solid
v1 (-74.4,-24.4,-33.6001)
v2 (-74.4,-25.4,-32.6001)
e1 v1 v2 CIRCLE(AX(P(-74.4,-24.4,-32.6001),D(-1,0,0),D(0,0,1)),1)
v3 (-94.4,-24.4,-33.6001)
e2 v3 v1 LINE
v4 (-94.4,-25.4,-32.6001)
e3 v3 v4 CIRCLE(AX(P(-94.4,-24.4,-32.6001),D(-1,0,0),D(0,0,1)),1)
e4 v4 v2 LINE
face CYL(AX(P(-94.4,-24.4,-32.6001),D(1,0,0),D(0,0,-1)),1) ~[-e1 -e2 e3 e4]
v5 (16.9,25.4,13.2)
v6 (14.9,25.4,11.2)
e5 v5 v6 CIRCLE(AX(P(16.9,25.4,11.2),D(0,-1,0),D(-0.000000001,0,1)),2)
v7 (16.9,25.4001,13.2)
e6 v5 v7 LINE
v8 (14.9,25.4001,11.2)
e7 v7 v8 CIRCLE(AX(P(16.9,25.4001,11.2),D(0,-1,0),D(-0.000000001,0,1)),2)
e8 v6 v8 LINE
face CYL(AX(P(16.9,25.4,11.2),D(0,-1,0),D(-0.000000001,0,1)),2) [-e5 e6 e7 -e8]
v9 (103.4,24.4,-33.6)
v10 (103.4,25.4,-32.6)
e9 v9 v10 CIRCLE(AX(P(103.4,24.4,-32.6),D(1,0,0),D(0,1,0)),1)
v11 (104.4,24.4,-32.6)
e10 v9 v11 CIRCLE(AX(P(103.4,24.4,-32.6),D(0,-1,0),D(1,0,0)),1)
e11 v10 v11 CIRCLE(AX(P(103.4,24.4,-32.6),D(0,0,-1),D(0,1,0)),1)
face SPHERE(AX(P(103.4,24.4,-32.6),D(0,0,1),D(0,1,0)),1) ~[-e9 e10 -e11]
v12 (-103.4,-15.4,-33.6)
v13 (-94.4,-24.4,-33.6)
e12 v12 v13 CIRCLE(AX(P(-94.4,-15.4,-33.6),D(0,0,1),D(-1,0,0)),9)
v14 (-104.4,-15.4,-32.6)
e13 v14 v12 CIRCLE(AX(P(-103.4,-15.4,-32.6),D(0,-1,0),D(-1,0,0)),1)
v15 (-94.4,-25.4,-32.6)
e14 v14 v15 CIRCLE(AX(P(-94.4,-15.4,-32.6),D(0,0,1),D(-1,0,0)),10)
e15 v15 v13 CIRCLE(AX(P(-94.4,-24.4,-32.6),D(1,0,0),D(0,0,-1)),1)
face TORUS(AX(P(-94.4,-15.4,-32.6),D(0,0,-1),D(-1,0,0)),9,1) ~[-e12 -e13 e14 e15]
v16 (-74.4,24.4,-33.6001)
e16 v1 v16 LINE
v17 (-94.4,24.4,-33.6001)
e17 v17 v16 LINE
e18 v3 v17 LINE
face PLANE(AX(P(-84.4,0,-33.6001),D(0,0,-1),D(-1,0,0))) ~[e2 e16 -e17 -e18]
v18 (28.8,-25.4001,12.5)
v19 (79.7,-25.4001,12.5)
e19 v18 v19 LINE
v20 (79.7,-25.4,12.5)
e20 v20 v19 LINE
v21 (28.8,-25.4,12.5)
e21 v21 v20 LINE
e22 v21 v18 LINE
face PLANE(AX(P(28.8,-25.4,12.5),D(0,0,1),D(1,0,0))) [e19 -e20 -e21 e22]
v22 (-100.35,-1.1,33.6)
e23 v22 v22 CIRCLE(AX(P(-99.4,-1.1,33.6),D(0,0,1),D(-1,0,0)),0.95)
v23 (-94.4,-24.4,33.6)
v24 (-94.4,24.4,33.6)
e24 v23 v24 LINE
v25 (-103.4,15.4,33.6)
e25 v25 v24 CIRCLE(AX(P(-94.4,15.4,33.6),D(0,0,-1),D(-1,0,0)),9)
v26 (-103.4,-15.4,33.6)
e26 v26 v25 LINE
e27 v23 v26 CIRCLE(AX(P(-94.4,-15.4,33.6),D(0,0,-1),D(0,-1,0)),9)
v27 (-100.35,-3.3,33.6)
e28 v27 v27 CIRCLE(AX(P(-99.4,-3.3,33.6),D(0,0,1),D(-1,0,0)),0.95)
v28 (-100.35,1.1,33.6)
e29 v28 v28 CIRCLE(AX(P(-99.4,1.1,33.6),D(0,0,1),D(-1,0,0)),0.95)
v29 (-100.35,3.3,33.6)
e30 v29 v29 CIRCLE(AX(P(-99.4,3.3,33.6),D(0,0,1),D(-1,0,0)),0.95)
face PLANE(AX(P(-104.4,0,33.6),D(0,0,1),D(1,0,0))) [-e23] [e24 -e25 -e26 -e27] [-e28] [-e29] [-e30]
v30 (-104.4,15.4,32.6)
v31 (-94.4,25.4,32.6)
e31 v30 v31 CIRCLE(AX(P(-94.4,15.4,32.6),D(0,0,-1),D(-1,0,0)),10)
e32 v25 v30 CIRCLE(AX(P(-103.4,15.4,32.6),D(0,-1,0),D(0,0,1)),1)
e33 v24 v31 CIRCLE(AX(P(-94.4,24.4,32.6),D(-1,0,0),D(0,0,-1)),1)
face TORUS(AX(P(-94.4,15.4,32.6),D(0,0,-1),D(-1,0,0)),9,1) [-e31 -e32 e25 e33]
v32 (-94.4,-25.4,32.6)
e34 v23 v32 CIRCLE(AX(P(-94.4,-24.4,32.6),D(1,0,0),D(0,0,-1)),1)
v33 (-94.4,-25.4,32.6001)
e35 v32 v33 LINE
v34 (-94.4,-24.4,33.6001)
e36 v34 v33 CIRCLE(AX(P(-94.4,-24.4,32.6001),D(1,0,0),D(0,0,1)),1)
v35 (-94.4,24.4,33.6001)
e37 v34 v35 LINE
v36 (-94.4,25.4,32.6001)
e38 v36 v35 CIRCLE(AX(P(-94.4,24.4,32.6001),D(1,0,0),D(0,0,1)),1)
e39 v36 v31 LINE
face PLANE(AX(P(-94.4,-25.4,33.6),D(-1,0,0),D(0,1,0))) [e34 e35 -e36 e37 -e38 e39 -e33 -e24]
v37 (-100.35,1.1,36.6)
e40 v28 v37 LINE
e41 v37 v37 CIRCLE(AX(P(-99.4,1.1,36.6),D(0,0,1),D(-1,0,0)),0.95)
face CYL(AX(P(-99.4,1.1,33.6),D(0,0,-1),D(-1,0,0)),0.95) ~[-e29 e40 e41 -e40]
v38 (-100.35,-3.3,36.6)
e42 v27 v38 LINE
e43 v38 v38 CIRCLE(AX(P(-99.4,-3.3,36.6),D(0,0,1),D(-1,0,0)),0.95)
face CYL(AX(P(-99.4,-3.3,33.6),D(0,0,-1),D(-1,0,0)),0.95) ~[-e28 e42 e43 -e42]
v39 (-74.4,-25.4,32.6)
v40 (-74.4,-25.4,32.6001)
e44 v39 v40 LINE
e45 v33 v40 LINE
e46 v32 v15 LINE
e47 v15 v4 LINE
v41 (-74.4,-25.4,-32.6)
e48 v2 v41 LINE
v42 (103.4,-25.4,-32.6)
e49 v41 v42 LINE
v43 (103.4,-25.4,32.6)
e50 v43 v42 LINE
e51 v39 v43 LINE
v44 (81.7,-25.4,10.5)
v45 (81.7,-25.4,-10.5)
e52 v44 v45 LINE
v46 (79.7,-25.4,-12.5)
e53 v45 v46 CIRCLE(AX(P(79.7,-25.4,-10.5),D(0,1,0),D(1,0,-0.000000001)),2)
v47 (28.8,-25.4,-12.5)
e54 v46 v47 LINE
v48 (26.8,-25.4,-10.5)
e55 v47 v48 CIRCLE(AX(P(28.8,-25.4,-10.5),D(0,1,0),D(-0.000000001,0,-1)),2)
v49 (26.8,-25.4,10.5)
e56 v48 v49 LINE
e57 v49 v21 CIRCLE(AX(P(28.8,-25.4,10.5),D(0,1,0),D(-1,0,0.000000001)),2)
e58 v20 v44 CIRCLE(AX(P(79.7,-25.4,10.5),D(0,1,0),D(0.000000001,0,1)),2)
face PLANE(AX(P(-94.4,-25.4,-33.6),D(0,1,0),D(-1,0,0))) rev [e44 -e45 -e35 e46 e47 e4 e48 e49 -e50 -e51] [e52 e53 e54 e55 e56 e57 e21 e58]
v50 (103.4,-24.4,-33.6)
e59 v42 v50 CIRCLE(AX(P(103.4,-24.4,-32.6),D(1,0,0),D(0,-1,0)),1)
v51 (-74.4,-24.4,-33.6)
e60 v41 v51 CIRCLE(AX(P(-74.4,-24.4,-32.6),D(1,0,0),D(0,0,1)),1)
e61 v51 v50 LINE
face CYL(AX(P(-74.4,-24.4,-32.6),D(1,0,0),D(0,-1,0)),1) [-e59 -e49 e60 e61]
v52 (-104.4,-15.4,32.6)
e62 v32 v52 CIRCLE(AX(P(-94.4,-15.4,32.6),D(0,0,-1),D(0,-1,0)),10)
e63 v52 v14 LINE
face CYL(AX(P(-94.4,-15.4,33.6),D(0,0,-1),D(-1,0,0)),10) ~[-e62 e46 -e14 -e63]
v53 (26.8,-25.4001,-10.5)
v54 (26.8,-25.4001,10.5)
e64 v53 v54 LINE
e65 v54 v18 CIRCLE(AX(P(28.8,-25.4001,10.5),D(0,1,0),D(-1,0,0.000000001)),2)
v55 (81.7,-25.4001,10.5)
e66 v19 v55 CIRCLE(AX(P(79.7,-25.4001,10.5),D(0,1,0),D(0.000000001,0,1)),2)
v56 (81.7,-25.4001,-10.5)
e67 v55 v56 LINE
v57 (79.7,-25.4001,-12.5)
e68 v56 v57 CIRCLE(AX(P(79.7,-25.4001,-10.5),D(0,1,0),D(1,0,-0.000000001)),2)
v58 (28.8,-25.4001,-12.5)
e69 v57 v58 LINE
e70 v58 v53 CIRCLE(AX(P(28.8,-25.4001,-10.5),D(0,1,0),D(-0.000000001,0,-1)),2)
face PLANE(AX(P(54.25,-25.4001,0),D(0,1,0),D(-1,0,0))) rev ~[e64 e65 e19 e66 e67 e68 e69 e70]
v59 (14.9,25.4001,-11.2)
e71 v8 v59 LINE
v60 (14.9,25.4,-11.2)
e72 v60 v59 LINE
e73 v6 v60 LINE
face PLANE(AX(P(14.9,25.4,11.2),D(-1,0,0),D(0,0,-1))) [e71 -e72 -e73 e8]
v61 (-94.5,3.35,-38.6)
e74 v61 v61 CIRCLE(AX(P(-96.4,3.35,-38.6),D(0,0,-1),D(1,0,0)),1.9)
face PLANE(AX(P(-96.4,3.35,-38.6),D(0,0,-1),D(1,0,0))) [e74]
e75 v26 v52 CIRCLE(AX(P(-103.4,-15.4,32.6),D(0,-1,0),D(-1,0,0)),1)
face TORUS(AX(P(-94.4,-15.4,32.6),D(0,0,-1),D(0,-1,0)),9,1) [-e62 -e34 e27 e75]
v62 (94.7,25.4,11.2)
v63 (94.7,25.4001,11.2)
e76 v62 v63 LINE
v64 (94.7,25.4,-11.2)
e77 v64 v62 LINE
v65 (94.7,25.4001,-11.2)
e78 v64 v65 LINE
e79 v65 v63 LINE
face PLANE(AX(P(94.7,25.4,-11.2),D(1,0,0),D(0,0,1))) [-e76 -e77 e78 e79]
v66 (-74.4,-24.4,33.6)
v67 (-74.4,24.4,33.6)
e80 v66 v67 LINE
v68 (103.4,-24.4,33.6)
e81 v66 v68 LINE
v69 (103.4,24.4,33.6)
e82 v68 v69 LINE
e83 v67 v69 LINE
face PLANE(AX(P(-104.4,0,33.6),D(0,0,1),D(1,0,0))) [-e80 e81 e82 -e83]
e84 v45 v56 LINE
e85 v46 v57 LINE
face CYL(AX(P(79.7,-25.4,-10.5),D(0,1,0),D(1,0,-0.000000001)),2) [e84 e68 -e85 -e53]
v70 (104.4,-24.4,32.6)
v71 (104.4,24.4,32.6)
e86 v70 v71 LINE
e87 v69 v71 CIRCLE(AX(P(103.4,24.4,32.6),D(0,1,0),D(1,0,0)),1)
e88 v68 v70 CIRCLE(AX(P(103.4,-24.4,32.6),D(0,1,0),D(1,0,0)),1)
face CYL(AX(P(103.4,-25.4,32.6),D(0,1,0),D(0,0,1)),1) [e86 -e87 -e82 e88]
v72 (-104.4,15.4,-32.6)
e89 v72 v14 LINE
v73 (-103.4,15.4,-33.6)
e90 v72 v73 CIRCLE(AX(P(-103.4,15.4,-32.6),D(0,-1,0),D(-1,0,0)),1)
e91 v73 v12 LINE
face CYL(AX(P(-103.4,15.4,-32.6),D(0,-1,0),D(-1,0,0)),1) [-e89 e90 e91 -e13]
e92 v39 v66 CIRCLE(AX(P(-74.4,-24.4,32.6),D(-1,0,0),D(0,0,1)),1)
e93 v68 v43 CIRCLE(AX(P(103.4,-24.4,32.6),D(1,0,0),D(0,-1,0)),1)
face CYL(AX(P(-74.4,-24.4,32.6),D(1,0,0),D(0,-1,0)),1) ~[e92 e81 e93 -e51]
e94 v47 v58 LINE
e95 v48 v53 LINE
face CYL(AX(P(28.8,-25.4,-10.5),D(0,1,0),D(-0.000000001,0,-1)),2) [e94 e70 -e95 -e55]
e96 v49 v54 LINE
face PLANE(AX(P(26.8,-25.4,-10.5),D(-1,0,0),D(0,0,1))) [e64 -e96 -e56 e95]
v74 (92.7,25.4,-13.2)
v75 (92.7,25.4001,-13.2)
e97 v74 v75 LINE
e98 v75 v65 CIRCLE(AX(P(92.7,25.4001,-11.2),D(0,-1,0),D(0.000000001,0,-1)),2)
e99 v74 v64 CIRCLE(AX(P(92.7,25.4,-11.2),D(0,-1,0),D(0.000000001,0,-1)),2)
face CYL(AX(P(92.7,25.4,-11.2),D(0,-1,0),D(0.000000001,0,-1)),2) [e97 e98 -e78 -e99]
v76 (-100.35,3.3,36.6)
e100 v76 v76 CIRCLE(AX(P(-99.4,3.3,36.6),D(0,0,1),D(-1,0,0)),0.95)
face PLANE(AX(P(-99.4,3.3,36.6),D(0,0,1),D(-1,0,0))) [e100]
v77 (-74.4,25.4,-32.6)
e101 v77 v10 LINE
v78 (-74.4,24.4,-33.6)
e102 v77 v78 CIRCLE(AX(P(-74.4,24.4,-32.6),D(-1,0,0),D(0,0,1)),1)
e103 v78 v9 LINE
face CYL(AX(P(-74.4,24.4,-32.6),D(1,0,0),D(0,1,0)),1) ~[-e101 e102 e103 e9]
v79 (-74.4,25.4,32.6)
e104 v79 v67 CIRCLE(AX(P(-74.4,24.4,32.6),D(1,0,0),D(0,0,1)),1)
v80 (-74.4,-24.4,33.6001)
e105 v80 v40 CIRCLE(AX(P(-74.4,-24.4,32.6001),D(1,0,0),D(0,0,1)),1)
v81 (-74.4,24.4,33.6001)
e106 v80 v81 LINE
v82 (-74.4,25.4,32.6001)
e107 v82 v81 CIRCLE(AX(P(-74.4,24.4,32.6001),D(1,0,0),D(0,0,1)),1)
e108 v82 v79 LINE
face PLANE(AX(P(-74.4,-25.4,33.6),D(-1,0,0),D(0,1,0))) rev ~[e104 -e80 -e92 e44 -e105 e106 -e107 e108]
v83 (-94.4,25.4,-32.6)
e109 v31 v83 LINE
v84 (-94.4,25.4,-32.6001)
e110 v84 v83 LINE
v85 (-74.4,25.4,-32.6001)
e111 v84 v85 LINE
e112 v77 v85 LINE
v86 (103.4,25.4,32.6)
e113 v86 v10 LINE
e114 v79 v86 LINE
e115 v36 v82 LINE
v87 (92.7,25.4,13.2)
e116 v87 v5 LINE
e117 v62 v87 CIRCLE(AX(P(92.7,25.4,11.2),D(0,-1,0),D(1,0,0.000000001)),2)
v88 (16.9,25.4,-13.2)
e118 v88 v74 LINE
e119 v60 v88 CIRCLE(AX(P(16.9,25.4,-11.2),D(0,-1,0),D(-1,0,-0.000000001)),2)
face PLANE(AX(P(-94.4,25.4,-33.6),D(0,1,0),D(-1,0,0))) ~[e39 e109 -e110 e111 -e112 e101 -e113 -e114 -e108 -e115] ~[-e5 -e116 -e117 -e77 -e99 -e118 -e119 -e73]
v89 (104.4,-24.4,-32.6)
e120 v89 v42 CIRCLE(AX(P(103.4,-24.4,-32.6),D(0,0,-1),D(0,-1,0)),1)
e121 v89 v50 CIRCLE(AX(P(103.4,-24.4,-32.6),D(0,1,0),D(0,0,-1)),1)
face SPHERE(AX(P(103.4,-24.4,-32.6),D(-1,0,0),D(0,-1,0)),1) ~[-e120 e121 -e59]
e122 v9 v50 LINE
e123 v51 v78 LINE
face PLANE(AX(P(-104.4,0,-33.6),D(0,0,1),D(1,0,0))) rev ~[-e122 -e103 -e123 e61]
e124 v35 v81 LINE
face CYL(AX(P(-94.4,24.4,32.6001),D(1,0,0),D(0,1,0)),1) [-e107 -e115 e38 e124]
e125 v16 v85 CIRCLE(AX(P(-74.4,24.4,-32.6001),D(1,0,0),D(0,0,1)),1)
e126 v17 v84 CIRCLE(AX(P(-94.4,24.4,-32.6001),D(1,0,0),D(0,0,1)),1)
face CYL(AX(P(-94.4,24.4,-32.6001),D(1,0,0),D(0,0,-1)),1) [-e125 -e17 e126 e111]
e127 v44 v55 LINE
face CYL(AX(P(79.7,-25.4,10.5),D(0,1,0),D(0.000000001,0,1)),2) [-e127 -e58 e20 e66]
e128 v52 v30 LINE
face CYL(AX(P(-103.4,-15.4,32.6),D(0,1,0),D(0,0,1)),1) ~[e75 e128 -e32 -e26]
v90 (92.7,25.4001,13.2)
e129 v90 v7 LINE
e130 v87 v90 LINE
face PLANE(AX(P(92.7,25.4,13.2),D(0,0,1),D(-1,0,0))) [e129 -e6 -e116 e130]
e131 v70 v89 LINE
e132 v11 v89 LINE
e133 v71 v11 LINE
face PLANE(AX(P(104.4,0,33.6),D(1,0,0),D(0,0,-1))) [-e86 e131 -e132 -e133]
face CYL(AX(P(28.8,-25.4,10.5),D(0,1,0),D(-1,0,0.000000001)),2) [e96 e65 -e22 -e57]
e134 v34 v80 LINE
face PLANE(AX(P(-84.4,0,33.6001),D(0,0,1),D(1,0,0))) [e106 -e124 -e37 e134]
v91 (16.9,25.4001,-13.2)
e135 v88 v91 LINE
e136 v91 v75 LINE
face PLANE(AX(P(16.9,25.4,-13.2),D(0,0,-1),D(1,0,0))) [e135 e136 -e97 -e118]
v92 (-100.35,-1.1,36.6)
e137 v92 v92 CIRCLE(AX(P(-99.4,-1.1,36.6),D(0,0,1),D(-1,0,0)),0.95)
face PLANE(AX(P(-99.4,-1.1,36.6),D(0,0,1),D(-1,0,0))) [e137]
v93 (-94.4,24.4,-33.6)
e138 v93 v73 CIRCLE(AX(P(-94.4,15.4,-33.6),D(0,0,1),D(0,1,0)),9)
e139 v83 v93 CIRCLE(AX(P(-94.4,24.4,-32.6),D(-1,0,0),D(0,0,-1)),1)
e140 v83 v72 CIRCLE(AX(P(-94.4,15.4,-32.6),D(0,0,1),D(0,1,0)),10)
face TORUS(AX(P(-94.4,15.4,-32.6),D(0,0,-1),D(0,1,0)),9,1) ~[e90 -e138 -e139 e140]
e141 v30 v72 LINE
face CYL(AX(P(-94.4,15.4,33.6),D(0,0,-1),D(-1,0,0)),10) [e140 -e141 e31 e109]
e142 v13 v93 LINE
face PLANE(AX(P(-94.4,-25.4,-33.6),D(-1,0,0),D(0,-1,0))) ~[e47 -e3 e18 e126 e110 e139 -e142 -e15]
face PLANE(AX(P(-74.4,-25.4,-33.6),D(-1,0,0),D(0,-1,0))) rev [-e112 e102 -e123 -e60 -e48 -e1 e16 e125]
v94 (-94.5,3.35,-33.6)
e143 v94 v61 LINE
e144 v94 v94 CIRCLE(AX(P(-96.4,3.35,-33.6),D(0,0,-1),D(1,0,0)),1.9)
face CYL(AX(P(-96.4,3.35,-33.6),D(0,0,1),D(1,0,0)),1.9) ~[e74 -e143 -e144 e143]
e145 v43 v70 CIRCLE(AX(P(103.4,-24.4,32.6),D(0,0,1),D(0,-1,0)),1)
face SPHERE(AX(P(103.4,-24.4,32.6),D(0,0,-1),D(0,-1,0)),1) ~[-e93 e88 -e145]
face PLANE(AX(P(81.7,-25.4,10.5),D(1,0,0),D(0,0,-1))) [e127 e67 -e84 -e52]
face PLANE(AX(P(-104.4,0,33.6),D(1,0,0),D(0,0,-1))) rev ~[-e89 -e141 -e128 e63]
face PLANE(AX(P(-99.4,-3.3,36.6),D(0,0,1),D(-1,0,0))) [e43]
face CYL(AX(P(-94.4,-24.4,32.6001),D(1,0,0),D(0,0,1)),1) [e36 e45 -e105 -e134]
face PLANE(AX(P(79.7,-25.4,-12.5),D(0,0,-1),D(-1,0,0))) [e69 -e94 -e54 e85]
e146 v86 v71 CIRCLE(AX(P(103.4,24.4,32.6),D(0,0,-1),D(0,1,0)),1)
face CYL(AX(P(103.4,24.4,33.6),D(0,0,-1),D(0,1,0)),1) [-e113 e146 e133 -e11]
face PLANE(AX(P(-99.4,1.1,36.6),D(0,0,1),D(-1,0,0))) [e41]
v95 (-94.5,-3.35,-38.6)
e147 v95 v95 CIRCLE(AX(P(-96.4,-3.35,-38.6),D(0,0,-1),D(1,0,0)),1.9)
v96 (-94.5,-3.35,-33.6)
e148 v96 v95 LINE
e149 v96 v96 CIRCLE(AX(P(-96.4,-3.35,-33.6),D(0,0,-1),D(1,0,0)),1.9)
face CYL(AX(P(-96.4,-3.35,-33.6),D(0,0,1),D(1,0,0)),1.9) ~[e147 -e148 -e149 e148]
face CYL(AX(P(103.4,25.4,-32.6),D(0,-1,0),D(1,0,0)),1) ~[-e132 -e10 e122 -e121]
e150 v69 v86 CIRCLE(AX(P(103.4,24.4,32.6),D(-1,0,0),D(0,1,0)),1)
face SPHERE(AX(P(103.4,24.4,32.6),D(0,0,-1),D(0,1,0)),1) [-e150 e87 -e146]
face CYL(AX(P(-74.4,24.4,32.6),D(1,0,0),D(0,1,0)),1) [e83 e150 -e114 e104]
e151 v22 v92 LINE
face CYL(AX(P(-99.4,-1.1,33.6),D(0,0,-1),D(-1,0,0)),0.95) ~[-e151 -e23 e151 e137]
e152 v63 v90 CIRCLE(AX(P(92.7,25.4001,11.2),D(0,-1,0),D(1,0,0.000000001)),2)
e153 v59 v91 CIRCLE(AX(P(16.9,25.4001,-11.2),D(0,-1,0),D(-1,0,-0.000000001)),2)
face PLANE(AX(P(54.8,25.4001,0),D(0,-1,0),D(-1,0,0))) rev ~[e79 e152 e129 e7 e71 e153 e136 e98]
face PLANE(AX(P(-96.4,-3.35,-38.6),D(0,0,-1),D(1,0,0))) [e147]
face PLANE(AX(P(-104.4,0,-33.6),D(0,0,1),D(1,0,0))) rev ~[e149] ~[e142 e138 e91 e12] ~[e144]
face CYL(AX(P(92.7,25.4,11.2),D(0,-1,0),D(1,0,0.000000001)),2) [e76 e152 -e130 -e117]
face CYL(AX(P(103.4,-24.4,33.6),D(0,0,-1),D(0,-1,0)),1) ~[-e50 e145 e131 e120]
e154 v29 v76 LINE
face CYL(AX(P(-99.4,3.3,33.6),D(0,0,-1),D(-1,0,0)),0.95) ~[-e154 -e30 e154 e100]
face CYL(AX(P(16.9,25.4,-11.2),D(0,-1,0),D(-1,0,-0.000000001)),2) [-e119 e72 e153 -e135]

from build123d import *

# Parameters (mm, degrees)
SKETCH1_W           = 208.8
SKETCH1_H           = 67.2
BOSS_EXTRUDE1_DEPTH = 25.4
FILLET1_R           = 10
SKETCH2_R           = 1.9
BOSS_EXTRUDE2_DEPTH = 5
SKETCH4_R           = 0.95
BOSS_EXTRUDE3_DEPTH = 3
SKETCH5_W           = 20
SKETCH5_H           = 50.8
BOSS_EXTRUDE4_DEPTH = 0.0001
BOSS_EXTRUDE5_DEPTH = 0.0001
BOSS_EXTRUDE6_DEPTH = 0.0001
FILLET7_R           = 1
FILLET8_R           = 1


with BuildPart() as part:
    # Sketch1 → Boss-Extrude1 (new, symmetric)
    with BuildSketch(Plane(origin=(0, 0, 0), x_dir=(1, 0, 0), z_dir=(0, 1, 0))):
        Rectangle(SKETCH1_W, SKETCH1_H)
    extrude(amount=BOSS_EXTRUDE1_DEPTH, both=True)

    # Fillet1
    fillet1_edges = [part.edges().sort_by_distance(p)[0] for p in [
        (-104.4, 25.4, 0),
        (-104.4, -25.4, 0),
    ]]
    fillet(fillet1_edges, radius=FILLET1_R)

    # Sketch2 → Boss-Extrude2 (add)
    with BuildSketch(Plane(origin=(0, 0, -33.6), x_dir=(-1, 0, 0), z_dir=(0, 0, -1))):
        with Locations(Location((96.4, 3.35, 0), (0, 0, 180))):
            Circle(SKETCH2_R)
        with Locations(Location((96.4, -3.35, 0), (0, 0, 180))):
            Circle(SKETCH2_R)
    extrude(amount=BOSS_EXTRUDE2_DEPTH)

    # Sketch4 → Boss-Extrude3 (add)
    with BuildSketch(Plane.XY.offset(33.6)):
        with Locations(Location((-99.4, 3.3, 0), (0, 0, 180))):
            Circle(SKETCH4_R)
        with Locations(Location((-99.4, 1.1, 0), (0, 0, 180))):
            Circle(SKETCH4_R)
        with Locations(Location((-99.4, -1.1, 0), (0, 0, 180))):
            Circle(SKETCH4_R)
        with Locations(Location((-99.4, -3.3, 0), (0, 0, 180))):
            Circle(SKETCH4_R)
    extrude(amount=BOSS_EXTRUDE3_DEPTH)

    # Sketch5 → Boss-Extrude4 (add)
    with BuildSketch(Plane.XY.offset(33.6)):
        with Locations((-84.4, 0)):
            Rectangle(SKETCH5_W, SKETCH5_H)
    boss_extrude4 = extrude(amount=BOSS_EXTRUDE4_DEPTH)

    # Mirror1: Boss-Extrude4 across plane
    add(boss_extrude4.mirror(Plane.XY))

    # Mirror1 at the second plane: Boss-Extrude4 across plane
    add(boss_extrude4.mirror(Plane.ZX))

    # Sketch6 → Boss-Extrude5 (add)
    with BuildSketch(Plane(origin=(0, 25.4, 0), x_dir=(1, 0, 0), z_dir=(0, 1, 0))):
        with BuildLine():
            Line((16.9, 13.2), (92.7, 13.2))
            ThreePointArc((92.7, 13.2), (94.114213562, 12.614213562), (94.7, 11.2))
            Line((94.7, 11.2), (94.7, -11.2))
            ThreePointArc((94.7, -11.2), (94.114213562, -12.614213562), (92.7, -13.2))
            Line((92.7, -13.2), (16.9, -13.2))
            ThreePointArc((16.9, -13.2), (15.485786438, -12.614213562), (14.9, -11.2))
            Line((14.9, -11.2), (14.9, 11.2))
            ThreePointArc((14.9, 11.2), (15.485786438, 12.614213562), (16.9, 13.2))
        make_face()
    extrude(amount=BOSS_EXTRUDE5_DEPTH)

    # Sketch7 → Boss-Extrude6 (add)
    with BuildSketch(Plane.XZ.offset(25.4)):
        with BuildLine():
            Line((28.8, 12.5), (79.7, 12.5))
            ThreePointArc((79.7, 12.5), (81.114213562, 11.914213562), (81.7, 10.5))
            Line((81.7, 10.5), (81.7, -10.5))
            ThreePointArc((81.7, -10.5), (81.114213562, -11.914213562), (79.7, -12.5))
            Line((79.7, -12.5), (28.8, -12.5))
            ThreePointArc((28.8, -12.5), (27.385786438, -11.914213562), (26.8, -10.5))
            Line((26.8, -10.5), (26.8, 10.5))
            ThreePointArc((26.8, 10.5), (27.385786438, 11.914213562), (28.8, 12.5))
        make_face()
    extrude(amount=BOSS_EXTRUDE6_DEPTH)

    # Fillet7
    fillet7_edges = [part.edges().sort_by_distance(p)[0] for p in [
        (104.4, 25.4, 0),
        (-104.4, 0, 33.6),
        (-104.4, 0, -33.6),
        (15, 25.4, -33.6),
        (-101.471067812, 22.471067812, 33.6),
        (-101.471067812, -22.471067812, 33.6),
        (-101.471067812, 22.471067812, -33.6),
        (-101.471067812, -22.471067812, -33.6),
        (15, -25.4, -33.6),
        (104.4, -25.4, 0),
        (15, -25.4, 33.6),
        (15, 25.4, 33.6),
        (104.4, 0, -33.6),
        (104.4, 0, 33.6),
    ]]
    fillet(fillet7_edges, radius=FILLET7_R)

    # Fillet8
    fillet8_edges = [part.edges().sort_by_distance(p)[0] for p in [
        (-84.4, -25.4, 33.6001),
        (-84.4, 25.4, 33.6001),
        (-84.4, 25.4, -33.6001),
        (-84.4, -25.4, -33.6001),
    ]]
    fillet(fillet8_edges, radius=FILLET8_R)


solid = part.part
